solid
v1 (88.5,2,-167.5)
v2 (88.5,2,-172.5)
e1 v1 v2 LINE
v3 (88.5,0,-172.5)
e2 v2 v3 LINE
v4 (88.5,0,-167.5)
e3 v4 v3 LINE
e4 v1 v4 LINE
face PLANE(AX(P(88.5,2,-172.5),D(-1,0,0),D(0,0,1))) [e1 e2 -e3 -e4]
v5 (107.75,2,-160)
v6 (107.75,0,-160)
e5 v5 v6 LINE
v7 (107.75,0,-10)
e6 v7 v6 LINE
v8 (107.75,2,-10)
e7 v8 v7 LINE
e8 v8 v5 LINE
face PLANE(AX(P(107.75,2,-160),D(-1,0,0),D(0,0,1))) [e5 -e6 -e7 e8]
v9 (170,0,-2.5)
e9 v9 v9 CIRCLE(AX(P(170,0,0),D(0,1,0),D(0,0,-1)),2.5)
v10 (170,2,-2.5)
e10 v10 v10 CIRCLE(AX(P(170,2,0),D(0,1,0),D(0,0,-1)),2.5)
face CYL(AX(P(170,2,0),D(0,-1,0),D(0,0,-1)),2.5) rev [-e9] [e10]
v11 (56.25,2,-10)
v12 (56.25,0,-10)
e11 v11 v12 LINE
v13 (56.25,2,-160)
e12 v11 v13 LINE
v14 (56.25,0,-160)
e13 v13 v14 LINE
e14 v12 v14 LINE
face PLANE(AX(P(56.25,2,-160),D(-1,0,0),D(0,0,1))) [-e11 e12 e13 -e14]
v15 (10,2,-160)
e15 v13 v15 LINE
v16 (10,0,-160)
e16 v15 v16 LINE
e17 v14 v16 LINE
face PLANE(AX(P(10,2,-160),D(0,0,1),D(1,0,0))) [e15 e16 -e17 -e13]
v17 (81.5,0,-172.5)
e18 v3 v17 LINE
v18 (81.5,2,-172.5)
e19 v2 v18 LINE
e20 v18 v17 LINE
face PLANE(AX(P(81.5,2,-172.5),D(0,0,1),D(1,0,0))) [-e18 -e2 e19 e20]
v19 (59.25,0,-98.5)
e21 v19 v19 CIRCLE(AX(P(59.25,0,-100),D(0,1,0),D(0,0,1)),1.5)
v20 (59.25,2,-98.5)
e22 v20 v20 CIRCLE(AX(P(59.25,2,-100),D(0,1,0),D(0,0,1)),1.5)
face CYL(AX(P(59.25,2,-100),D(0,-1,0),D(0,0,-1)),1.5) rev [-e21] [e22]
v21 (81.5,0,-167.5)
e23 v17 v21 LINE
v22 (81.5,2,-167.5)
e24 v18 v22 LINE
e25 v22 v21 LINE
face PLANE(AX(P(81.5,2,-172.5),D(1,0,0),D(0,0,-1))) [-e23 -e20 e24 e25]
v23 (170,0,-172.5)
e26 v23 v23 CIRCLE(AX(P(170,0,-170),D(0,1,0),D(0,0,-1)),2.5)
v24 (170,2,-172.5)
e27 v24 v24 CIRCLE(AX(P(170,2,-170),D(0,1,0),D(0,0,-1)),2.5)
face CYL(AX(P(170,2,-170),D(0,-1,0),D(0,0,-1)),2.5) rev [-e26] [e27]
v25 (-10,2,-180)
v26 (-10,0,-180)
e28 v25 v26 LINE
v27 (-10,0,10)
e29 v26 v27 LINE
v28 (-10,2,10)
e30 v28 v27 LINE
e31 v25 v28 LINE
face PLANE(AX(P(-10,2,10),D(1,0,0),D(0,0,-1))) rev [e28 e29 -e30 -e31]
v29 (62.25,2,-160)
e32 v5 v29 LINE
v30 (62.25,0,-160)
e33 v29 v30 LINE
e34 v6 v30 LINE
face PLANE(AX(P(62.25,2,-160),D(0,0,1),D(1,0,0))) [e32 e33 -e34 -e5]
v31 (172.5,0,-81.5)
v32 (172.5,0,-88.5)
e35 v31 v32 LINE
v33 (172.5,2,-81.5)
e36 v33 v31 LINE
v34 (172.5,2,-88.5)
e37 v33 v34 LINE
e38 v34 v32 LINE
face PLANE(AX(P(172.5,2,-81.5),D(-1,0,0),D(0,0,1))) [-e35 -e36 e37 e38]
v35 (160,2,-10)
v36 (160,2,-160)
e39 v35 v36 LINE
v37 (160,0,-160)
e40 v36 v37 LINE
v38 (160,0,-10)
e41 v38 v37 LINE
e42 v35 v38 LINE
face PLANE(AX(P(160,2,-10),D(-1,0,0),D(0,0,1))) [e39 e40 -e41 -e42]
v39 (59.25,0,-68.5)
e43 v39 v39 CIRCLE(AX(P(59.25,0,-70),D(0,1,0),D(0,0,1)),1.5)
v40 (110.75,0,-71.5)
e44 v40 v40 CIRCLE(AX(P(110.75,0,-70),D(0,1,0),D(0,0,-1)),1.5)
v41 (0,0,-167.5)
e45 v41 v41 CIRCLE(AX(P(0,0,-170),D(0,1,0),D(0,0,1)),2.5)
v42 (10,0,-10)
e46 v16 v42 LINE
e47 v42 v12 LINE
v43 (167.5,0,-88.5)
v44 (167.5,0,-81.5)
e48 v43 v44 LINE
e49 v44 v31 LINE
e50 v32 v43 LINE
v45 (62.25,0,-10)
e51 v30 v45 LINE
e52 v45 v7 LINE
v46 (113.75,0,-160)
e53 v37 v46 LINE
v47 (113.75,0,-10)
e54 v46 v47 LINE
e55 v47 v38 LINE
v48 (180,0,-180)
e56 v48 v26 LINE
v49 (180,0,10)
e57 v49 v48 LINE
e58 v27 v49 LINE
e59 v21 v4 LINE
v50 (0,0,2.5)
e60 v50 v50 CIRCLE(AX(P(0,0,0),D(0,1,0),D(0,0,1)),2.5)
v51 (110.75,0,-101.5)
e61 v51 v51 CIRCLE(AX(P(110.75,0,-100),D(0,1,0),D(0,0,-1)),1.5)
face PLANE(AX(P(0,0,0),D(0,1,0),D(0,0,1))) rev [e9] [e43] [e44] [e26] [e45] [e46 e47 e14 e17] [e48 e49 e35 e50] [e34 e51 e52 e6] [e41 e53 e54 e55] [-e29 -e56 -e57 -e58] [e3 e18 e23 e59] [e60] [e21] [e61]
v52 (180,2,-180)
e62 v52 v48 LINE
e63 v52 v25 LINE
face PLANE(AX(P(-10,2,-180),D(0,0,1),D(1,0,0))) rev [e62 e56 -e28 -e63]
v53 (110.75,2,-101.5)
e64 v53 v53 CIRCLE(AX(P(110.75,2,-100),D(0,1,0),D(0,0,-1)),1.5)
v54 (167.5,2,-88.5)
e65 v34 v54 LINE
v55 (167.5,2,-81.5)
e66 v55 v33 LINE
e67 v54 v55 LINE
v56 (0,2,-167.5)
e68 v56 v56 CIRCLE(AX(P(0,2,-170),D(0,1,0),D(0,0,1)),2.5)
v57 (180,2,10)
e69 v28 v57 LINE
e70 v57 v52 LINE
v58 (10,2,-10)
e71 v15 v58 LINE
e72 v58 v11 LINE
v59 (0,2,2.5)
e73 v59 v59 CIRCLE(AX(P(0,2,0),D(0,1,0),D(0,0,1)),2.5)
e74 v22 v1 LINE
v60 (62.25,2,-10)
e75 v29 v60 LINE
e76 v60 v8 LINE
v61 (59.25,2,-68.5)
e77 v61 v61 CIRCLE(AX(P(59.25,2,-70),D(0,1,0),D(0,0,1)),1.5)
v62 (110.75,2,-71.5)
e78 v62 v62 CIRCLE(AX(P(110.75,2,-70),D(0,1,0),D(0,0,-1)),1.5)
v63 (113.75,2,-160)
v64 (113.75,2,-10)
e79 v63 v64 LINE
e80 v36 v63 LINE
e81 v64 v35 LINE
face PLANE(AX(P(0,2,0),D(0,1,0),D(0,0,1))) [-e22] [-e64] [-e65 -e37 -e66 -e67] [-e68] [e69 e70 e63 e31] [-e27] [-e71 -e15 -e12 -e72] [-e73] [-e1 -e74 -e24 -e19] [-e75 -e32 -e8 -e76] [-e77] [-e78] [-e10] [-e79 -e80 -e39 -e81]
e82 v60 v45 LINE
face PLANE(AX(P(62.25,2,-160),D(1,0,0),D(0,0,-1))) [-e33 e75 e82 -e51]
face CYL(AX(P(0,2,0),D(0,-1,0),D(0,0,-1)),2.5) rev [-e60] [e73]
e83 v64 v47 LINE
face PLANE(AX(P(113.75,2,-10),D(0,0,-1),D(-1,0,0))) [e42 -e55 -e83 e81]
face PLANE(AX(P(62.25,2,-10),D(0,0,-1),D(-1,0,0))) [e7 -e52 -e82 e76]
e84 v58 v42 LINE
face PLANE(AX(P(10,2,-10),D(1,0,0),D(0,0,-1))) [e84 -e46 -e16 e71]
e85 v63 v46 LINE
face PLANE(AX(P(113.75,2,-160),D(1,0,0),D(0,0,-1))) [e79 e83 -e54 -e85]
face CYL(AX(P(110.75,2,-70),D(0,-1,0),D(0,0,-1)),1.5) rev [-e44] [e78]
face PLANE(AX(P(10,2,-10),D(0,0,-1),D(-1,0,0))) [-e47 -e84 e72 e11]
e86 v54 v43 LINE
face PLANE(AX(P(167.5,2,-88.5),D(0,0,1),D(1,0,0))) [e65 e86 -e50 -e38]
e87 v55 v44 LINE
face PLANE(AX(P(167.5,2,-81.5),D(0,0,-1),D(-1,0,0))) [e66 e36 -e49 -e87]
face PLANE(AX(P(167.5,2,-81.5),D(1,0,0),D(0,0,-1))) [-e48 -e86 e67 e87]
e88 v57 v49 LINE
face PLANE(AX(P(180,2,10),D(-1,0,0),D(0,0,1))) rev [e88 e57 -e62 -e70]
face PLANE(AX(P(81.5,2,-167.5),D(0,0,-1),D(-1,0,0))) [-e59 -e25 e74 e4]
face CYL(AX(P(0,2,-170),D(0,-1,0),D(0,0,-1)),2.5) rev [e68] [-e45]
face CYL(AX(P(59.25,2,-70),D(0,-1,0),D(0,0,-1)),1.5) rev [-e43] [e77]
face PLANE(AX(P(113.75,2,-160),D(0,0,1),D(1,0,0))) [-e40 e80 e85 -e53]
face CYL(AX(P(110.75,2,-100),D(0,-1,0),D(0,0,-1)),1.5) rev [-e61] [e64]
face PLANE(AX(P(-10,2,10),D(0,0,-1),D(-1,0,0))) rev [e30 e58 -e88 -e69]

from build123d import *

# Parameters (mm, degrees)
CROQUIS1_W              = 190
CROQUIS1_H              = 190
CROQUIS1_R              = 1.5
CROQUIS1_R_2            = 2.5
CROQUIS1_W_2            = 46.25
CROQUIS1_H_2            = 150
CROQUIS1_W_3            = 45.5
CROQUIS1_W_4            = 5
CROQUIS1_H_3            = 7
CROQUIS1_W_5            = 7
CROQUIS1_H_4            = 5
SALIENTE_EXTRUIR1_DEPTH = 2


with BuildPart() as part:
    # Croquis1 → Saliente-Extruir1 (new body)
    with BuildSketch(Plane(origin=(0, 0, 0), x_dir=(1, 0, 0), z_dir=(0, 1, 0))):
        with Locations((85, 85)):
            Rectangle(CROQUIS1_W, CROQUIS1_H)
        with Locations(Location((59.25, 100, 0), (0, 0, 270))):
            Circle(CROQUIS1_R, mode=Mode.SUBTRACT)
        with Locations(Location((59.25, 70, 0), (0, 0, 270))):
            Circle(CROQUIS1_R, mode=Mode.SUBTRACT)
        with Locations(Location((0, 170, 0), (0, 0, 270))):
            Circle(CROQUIS1_R_2, mode=Mode.SUBTRACT)
        with Locations(Location((0, 0, 0), (0, 0, 270))):
            Circle(CROQUIS1_R_2, mode=Mode.SUBTRACT)
        with Locations(Location((110.75, 100, 0), (0, 0, 90))):
            Circle(CROQUIS1_R, mode=Mode.SUBTRACT)
        with Locations(Location((110.75, 70, 0), (0, 0, 90))):
            Circle(CROQUIS1_R, mode=Mode.SUBTRACT)
        with Locations(Location((170, 0, 0), (0, 0, 90))):
            Circle(CROQUIS1_R_2, mode=Mode.SUBTRACT)
        with Locations(Location((170, 170, 0), (0, 0, 90))):
            Circle(CROQUIS1_R_2, mode=Mode.SUBTRACT)
        with Locations((33.125, 85)):
            Rectangle(CROQUIS1_W_2, CROQUIS1_H_2, mode=Mode.SUBTRACT)
        with Locations((136.875, 85)):
            Rectangle(CROQUIS1_W_2, CROQUIS1_H_2, mode=Mode.SUBTRACT)
        with Locations((85, 85)):
            Rectangle(CROQUIS1_W_3, CROQUIS1_H_2, mode=Mode.SUBTRACT)
        with Locations((170, 85)):
            Rectangle(CROQUIS1_W_4, CROQUIS1_H_3, mode=Mode.SUBTRACT)
        with Locations((85, 170)):
            Rectangle(CROQUIS1_W_5, CROQUIS1_H_4, mode=Mode.SUBTRACT)
    extrude(amount=SALIENTE_EXTRUIR1_DEPTH)


solid = part.part
